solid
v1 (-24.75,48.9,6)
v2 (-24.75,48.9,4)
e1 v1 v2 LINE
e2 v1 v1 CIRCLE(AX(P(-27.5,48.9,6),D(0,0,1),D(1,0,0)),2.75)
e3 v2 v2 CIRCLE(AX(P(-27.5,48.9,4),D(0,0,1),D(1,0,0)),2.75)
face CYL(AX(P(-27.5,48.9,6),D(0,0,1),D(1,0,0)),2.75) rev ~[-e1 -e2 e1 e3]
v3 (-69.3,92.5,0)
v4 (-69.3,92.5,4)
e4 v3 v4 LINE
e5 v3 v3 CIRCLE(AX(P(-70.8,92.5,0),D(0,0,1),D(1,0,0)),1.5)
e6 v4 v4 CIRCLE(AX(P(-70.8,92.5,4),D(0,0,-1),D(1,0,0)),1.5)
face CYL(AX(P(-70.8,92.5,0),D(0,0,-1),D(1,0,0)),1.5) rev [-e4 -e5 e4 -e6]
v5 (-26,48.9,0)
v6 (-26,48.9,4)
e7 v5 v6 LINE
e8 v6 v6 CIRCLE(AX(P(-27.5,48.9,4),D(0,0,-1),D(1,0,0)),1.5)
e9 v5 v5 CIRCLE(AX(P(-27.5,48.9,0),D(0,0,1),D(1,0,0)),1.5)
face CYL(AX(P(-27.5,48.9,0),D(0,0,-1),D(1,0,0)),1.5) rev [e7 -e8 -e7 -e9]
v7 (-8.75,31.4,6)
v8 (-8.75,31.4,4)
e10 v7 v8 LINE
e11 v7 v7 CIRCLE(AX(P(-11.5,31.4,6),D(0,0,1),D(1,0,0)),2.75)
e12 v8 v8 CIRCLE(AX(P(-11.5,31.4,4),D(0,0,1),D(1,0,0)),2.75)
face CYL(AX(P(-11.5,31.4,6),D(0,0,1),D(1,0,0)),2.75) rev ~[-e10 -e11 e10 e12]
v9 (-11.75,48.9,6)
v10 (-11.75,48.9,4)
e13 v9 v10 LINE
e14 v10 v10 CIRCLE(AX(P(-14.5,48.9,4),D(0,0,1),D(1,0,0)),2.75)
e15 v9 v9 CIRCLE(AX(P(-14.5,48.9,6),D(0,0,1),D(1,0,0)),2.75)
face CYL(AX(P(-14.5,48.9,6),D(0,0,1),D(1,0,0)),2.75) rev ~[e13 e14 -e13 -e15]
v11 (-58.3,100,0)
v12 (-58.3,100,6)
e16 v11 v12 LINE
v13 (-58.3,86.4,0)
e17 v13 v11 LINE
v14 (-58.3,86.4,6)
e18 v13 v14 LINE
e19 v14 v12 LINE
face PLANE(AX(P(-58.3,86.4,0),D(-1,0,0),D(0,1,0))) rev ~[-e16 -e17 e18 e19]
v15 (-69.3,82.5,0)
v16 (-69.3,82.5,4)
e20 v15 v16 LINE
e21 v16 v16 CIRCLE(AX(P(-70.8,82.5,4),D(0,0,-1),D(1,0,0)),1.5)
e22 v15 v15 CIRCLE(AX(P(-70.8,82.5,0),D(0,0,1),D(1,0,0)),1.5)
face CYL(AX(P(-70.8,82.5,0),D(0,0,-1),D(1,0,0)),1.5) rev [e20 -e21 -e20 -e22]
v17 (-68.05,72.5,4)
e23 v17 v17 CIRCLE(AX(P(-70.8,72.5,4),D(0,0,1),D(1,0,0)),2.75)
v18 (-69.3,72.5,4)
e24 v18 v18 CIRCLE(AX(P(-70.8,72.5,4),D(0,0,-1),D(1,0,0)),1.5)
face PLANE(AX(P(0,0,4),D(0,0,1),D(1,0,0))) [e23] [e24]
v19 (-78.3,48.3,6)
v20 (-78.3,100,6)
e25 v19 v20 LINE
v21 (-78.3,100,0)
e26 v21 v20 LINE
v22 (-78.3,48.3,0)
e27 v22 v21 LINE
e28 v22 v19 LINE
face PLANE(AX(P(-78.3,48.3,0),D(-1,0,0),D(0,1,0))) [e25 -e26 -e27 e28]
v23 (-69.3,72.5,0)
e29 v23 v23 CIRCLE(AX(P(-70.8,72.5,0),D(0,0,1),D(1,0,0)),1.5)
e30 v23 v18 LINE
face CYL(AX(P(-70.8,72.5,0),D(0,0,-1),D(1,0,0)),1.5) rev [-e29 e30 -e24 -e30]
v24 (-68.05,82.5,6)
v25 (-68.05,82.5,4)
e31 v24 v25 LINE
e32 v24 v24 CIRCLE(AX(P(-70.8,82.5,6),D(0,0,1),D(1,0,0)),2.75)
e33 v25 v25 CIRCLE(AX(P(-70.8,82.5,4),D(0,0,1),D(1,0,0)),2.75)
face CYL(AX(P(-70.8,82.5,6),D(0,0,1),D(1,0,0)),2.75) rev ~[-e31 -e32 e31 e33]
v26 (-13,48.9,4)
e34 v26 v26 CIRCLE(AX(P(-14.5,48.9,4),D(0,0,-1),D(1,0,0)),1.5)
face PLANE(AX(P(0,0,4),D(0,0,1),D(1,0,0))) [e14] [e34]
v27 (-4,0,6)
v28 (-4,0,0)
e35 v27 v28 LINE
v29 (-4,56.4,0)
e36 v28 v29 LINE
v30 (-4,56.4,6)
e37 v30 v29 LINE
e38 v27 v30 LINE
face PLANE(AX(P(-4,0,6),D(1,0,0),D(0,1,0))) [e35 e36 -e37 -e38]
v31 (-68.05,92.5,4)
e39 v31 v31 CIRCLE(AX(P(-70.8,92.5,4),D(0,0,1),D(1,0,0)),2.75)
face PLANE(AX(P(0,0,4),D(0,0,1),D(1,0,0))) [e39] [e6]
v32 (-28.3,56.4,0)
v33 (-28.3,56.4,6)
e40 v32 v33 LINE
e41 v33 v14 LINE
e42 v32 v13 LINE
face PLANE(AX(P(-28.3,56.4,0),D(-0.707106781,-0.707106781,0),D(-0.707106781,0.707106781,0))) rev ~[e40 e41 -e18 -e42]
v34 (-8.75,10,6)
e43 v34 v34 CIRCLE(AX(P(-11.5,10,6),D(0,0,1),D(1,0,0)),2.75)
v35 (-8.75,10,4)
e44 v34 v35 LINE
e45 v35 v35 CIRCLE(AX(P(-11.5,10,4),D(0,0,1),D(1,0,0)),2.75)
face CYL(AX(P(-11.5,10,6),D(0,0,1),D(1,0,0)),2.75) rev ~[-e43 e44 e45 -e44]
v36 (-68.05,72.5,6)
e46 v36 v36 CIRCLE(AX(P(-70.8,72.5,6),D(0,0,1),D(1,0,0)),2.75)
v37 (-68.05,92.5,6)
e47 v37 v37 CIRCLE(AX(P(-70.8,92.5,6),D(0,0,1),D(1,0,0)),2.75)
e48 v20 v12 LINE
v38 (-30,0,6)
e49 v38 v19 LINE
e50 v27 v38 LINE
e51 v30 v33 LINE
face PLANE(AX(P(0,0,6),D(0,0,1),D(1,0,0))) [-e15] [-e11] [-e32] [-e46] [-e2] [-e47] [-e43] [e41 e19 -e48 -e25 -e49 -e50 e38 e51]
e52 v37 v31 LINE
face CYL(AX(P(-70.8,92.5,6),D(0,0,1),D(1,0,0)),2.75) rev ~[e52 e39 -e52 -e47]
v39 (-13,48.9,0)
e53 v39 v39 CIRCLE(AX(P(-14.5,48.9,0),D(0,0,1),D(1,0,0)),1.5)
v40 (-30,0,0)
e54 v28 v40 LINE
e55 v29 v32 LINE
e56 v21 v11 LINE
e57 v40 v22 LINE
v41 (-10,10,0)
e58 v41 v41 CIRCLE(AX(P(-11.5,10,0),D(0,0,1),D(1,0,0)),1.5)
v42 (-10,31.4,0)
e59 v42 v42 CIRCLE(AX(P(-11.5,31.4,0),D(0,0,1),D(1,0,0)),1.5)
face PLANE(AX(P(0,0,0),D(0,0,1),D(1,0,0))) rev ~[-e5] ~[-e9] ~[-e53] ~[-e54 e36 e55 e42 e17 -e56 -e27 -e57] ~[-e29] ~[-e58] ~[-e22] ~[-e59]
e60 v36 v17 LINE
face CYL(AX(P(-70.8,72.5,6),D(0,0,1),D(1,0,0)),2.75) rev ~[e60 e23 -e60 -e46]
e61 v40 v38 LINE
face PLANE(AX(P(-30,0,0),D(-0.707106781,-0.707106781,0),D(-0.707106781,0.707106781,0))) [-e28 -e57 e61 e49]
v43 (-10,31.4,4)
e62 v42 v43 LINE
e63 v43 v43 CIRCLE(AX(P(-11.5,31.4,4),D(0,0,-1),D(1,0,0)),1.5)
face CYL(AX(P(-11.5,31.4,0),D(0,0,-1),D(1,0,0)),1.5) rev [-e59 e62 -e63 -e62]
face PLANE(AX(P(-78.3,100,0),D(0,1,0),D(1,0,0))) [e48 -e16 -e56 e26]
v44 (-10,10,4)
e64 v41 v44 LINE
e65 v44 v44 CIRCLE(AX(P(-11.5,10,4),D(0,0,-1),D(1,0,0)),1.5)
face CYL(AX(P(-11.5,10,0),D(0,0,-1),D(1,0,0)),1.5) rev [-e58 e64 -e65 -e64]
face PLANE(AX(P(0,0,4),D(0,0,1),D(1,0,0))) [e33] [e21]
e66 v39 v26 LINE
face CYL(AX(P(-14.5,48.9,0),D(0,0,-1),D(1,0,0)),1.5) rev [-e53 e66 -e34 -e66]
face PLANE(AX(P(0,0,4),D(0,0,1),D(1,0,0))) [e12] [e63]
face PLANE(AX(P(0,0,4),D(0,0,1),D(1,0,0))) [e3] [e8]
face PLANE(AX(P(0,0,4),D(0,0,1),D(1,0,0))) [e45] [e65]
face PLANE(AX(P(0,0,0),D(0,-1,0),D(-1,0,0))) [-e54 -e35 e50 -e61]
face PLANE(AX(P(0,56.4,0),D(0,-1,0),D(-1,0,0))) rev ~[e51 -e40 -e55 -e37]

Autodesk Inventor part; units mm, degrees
ref_plane "YZ Plane" through (0, 0, 0) normal (1, 0, 0) x (0, 1, 0)
ref_plane "XZ Plane" through (0, 0, 0) normal (0, 1, 0) x (-1, 0, 0)
ref_plane "XY Plane" through (0, 0, 0) normal (0, 0, 1) x (1, 0, 0)
sketch "Sketch1" plane through (0, 0, 0) normal (0, 0, 1) x (1, 0, 0)
  line L0 (0, 0) -> (-78.3, 0)
  line L1 (-78.3, 0) -> (-78.3, 100)
  line L2 (-78.3, 100) -> (0, 100)
  line L3 (0, 100) -> (0, 0)
  circle A0 centre (-11.5, 10) radius 1.5
  circle A1 centre (-11.5, 31.4) radius 1.5
  circle A2 centre (-14.5, 48.9) radius 1.5
  circle A3 centre (-27.5, 48.9) radius 1.5
  circle A4 centre (-70.8, 92.5) radius 1.5
  circle A5 centre (-70.8, 82.5) radius 1.5
  circle A6 centre (-70.8, 72.5) radius 1.5
  line L4 (0, 56.4) -> (-28.3, 56.4)
  line L5 (-28.3, 56.4) -> (-58.3, 86.4)
  line L6 (-58.3, 86.4) -> (-58.3, 100)
  line L7 (-30, 0) -> (-78.3, 48.3)
  dimension "d0" = 100
  dimension "d1" = 78.3
  dimension "d2" = 3
  dimension "d3" = 3
  dimension "d4" = 3
  dimension "d5" = 3
  dimension "d6" = 3
  dimension "d7" = 3
  dimension "d8" = 3
  dimension "d9" = 7.5
  dimension "d10" = 7.5
  dimension "d11" = 7.5
  dimension "d12" = 7.5
  dimension "d13" = 10
  dimension "d14" = 10
  dimension "d15" = 11.5
  dimension "d16" = 10
  dimension "d17" = 11.5
  dimension "d18" = 14.5
  dimension "d19" = 21.4
  dimension "d23" = 28.3
  dimension "d24" = 135
  dimension "d25" = 135
  dimension "d26" = 48.3
  dimension "d27" = 56.4
  dimension "d28" = 20
  dimension "d31" = 13
  dimension "d32" = 17.5
  dimension "d45" = 17.5
extrude "Extrusion1" add sketch "Sketch1" along normal blind 6 contours L0 L7 L1 L2 L6 L5 L4 L3
sketch "Sketch2" plane through (0, 0, 6) normal (0, 0, 1) x (1, 0, 0)
  line L0 (-30, 0) -> (0, 0) projected
  line L1 (0, 56.4) -> (-28.3, 56.4) projected
  line L2 (0, 0) -> (-4, 0)
  line L3 (-4, 0) -> (-4, 56.4)
  line L4 (-4, 56.4) -> (0, 56.4)
  line L5 (0, 56.4) -> (0, 0)
  dimension "d33" = 4
extrude "Extrusion2" cut sketch "Sketch2" against normal blind 6
sketch "Sketch3" plane through (0, 0, 6) normal (0, 0, 1) x (1, 0, 0)
  circle A0 centre (-11.5, 10) radius 1.5 projected
  circle A1 centre (-11.5, 31.4) radius 1.5 projected
  circle A2 centre (-11.5, 10) radius 2.75
  circle A3 centre (-11.5, 31.4) radius 1.5 projected
  circle A4 centre (-11.5, 31.4) radius 2.75
  circle A5 centre (-14.5, 48.9) radius 1.5 projected
  circle A6 centre (-27.5, 48.9) radius 1.5 projected
  circle A7 centre (-70.8, 72.5) radius 1.5 projected
  circle A8 centre (-70.8, 82.5) radius 1.5 projected
  circle A9 centre (-70.8, 92.5) radius 1.5 projected
  circle A10 centre (-14.5, 48.9) radius 1.5 projected
  circle A11 centre (-14.5, 48.9) radius 2.75
  circle A12 centre (-27.5, 48.9) radius 1.5 projected
  circle A13 centre (-27.5, 48.9) radius 2.75
  circle A14 centre (-70.8, 72.5) radius 1.5 projected
  circle A15 centre (-70.8, 72.5) radius 2.75
  circle A16 centre (-70.8, 82.5) radius 1.5 projected
  circle A17 centre (-70.8, 82.5) radius 2.75
  circle A18 centre (-70.8, 92.5) radius 1.5 projected
  circle A19 centre (-70.8, 92.5) radius 2.75
  point P0 (0, 0)
  dimension "d36" = 5.5
  dimension "d37" = 5.5
  dimension "d40" = 5.5
  dimension "d41" = 5.5
  dimension "d42" = 5.5
  dimension "d43" = 5.5
  dimension "d44" = 5.5
extrude "Extrusion3" cut sketch "Sketch3" against normal blind 2 contours A0 | A1 | A2 | A4 | A5 | A6 | A7 | A8 | A9 | A11 | A13 | A15 | A17 | A19
equation "\"d10\" = d9"
equation "\"d11\" = d9"
equation "\"d12\" = d11"
equation "\"d14\" = d13"
equation "\"d17\" = d15"
equation "\"d25\" = d24"
properties part number "Plate_standard_low_3D" material "Aluminum 6061, Welded"
